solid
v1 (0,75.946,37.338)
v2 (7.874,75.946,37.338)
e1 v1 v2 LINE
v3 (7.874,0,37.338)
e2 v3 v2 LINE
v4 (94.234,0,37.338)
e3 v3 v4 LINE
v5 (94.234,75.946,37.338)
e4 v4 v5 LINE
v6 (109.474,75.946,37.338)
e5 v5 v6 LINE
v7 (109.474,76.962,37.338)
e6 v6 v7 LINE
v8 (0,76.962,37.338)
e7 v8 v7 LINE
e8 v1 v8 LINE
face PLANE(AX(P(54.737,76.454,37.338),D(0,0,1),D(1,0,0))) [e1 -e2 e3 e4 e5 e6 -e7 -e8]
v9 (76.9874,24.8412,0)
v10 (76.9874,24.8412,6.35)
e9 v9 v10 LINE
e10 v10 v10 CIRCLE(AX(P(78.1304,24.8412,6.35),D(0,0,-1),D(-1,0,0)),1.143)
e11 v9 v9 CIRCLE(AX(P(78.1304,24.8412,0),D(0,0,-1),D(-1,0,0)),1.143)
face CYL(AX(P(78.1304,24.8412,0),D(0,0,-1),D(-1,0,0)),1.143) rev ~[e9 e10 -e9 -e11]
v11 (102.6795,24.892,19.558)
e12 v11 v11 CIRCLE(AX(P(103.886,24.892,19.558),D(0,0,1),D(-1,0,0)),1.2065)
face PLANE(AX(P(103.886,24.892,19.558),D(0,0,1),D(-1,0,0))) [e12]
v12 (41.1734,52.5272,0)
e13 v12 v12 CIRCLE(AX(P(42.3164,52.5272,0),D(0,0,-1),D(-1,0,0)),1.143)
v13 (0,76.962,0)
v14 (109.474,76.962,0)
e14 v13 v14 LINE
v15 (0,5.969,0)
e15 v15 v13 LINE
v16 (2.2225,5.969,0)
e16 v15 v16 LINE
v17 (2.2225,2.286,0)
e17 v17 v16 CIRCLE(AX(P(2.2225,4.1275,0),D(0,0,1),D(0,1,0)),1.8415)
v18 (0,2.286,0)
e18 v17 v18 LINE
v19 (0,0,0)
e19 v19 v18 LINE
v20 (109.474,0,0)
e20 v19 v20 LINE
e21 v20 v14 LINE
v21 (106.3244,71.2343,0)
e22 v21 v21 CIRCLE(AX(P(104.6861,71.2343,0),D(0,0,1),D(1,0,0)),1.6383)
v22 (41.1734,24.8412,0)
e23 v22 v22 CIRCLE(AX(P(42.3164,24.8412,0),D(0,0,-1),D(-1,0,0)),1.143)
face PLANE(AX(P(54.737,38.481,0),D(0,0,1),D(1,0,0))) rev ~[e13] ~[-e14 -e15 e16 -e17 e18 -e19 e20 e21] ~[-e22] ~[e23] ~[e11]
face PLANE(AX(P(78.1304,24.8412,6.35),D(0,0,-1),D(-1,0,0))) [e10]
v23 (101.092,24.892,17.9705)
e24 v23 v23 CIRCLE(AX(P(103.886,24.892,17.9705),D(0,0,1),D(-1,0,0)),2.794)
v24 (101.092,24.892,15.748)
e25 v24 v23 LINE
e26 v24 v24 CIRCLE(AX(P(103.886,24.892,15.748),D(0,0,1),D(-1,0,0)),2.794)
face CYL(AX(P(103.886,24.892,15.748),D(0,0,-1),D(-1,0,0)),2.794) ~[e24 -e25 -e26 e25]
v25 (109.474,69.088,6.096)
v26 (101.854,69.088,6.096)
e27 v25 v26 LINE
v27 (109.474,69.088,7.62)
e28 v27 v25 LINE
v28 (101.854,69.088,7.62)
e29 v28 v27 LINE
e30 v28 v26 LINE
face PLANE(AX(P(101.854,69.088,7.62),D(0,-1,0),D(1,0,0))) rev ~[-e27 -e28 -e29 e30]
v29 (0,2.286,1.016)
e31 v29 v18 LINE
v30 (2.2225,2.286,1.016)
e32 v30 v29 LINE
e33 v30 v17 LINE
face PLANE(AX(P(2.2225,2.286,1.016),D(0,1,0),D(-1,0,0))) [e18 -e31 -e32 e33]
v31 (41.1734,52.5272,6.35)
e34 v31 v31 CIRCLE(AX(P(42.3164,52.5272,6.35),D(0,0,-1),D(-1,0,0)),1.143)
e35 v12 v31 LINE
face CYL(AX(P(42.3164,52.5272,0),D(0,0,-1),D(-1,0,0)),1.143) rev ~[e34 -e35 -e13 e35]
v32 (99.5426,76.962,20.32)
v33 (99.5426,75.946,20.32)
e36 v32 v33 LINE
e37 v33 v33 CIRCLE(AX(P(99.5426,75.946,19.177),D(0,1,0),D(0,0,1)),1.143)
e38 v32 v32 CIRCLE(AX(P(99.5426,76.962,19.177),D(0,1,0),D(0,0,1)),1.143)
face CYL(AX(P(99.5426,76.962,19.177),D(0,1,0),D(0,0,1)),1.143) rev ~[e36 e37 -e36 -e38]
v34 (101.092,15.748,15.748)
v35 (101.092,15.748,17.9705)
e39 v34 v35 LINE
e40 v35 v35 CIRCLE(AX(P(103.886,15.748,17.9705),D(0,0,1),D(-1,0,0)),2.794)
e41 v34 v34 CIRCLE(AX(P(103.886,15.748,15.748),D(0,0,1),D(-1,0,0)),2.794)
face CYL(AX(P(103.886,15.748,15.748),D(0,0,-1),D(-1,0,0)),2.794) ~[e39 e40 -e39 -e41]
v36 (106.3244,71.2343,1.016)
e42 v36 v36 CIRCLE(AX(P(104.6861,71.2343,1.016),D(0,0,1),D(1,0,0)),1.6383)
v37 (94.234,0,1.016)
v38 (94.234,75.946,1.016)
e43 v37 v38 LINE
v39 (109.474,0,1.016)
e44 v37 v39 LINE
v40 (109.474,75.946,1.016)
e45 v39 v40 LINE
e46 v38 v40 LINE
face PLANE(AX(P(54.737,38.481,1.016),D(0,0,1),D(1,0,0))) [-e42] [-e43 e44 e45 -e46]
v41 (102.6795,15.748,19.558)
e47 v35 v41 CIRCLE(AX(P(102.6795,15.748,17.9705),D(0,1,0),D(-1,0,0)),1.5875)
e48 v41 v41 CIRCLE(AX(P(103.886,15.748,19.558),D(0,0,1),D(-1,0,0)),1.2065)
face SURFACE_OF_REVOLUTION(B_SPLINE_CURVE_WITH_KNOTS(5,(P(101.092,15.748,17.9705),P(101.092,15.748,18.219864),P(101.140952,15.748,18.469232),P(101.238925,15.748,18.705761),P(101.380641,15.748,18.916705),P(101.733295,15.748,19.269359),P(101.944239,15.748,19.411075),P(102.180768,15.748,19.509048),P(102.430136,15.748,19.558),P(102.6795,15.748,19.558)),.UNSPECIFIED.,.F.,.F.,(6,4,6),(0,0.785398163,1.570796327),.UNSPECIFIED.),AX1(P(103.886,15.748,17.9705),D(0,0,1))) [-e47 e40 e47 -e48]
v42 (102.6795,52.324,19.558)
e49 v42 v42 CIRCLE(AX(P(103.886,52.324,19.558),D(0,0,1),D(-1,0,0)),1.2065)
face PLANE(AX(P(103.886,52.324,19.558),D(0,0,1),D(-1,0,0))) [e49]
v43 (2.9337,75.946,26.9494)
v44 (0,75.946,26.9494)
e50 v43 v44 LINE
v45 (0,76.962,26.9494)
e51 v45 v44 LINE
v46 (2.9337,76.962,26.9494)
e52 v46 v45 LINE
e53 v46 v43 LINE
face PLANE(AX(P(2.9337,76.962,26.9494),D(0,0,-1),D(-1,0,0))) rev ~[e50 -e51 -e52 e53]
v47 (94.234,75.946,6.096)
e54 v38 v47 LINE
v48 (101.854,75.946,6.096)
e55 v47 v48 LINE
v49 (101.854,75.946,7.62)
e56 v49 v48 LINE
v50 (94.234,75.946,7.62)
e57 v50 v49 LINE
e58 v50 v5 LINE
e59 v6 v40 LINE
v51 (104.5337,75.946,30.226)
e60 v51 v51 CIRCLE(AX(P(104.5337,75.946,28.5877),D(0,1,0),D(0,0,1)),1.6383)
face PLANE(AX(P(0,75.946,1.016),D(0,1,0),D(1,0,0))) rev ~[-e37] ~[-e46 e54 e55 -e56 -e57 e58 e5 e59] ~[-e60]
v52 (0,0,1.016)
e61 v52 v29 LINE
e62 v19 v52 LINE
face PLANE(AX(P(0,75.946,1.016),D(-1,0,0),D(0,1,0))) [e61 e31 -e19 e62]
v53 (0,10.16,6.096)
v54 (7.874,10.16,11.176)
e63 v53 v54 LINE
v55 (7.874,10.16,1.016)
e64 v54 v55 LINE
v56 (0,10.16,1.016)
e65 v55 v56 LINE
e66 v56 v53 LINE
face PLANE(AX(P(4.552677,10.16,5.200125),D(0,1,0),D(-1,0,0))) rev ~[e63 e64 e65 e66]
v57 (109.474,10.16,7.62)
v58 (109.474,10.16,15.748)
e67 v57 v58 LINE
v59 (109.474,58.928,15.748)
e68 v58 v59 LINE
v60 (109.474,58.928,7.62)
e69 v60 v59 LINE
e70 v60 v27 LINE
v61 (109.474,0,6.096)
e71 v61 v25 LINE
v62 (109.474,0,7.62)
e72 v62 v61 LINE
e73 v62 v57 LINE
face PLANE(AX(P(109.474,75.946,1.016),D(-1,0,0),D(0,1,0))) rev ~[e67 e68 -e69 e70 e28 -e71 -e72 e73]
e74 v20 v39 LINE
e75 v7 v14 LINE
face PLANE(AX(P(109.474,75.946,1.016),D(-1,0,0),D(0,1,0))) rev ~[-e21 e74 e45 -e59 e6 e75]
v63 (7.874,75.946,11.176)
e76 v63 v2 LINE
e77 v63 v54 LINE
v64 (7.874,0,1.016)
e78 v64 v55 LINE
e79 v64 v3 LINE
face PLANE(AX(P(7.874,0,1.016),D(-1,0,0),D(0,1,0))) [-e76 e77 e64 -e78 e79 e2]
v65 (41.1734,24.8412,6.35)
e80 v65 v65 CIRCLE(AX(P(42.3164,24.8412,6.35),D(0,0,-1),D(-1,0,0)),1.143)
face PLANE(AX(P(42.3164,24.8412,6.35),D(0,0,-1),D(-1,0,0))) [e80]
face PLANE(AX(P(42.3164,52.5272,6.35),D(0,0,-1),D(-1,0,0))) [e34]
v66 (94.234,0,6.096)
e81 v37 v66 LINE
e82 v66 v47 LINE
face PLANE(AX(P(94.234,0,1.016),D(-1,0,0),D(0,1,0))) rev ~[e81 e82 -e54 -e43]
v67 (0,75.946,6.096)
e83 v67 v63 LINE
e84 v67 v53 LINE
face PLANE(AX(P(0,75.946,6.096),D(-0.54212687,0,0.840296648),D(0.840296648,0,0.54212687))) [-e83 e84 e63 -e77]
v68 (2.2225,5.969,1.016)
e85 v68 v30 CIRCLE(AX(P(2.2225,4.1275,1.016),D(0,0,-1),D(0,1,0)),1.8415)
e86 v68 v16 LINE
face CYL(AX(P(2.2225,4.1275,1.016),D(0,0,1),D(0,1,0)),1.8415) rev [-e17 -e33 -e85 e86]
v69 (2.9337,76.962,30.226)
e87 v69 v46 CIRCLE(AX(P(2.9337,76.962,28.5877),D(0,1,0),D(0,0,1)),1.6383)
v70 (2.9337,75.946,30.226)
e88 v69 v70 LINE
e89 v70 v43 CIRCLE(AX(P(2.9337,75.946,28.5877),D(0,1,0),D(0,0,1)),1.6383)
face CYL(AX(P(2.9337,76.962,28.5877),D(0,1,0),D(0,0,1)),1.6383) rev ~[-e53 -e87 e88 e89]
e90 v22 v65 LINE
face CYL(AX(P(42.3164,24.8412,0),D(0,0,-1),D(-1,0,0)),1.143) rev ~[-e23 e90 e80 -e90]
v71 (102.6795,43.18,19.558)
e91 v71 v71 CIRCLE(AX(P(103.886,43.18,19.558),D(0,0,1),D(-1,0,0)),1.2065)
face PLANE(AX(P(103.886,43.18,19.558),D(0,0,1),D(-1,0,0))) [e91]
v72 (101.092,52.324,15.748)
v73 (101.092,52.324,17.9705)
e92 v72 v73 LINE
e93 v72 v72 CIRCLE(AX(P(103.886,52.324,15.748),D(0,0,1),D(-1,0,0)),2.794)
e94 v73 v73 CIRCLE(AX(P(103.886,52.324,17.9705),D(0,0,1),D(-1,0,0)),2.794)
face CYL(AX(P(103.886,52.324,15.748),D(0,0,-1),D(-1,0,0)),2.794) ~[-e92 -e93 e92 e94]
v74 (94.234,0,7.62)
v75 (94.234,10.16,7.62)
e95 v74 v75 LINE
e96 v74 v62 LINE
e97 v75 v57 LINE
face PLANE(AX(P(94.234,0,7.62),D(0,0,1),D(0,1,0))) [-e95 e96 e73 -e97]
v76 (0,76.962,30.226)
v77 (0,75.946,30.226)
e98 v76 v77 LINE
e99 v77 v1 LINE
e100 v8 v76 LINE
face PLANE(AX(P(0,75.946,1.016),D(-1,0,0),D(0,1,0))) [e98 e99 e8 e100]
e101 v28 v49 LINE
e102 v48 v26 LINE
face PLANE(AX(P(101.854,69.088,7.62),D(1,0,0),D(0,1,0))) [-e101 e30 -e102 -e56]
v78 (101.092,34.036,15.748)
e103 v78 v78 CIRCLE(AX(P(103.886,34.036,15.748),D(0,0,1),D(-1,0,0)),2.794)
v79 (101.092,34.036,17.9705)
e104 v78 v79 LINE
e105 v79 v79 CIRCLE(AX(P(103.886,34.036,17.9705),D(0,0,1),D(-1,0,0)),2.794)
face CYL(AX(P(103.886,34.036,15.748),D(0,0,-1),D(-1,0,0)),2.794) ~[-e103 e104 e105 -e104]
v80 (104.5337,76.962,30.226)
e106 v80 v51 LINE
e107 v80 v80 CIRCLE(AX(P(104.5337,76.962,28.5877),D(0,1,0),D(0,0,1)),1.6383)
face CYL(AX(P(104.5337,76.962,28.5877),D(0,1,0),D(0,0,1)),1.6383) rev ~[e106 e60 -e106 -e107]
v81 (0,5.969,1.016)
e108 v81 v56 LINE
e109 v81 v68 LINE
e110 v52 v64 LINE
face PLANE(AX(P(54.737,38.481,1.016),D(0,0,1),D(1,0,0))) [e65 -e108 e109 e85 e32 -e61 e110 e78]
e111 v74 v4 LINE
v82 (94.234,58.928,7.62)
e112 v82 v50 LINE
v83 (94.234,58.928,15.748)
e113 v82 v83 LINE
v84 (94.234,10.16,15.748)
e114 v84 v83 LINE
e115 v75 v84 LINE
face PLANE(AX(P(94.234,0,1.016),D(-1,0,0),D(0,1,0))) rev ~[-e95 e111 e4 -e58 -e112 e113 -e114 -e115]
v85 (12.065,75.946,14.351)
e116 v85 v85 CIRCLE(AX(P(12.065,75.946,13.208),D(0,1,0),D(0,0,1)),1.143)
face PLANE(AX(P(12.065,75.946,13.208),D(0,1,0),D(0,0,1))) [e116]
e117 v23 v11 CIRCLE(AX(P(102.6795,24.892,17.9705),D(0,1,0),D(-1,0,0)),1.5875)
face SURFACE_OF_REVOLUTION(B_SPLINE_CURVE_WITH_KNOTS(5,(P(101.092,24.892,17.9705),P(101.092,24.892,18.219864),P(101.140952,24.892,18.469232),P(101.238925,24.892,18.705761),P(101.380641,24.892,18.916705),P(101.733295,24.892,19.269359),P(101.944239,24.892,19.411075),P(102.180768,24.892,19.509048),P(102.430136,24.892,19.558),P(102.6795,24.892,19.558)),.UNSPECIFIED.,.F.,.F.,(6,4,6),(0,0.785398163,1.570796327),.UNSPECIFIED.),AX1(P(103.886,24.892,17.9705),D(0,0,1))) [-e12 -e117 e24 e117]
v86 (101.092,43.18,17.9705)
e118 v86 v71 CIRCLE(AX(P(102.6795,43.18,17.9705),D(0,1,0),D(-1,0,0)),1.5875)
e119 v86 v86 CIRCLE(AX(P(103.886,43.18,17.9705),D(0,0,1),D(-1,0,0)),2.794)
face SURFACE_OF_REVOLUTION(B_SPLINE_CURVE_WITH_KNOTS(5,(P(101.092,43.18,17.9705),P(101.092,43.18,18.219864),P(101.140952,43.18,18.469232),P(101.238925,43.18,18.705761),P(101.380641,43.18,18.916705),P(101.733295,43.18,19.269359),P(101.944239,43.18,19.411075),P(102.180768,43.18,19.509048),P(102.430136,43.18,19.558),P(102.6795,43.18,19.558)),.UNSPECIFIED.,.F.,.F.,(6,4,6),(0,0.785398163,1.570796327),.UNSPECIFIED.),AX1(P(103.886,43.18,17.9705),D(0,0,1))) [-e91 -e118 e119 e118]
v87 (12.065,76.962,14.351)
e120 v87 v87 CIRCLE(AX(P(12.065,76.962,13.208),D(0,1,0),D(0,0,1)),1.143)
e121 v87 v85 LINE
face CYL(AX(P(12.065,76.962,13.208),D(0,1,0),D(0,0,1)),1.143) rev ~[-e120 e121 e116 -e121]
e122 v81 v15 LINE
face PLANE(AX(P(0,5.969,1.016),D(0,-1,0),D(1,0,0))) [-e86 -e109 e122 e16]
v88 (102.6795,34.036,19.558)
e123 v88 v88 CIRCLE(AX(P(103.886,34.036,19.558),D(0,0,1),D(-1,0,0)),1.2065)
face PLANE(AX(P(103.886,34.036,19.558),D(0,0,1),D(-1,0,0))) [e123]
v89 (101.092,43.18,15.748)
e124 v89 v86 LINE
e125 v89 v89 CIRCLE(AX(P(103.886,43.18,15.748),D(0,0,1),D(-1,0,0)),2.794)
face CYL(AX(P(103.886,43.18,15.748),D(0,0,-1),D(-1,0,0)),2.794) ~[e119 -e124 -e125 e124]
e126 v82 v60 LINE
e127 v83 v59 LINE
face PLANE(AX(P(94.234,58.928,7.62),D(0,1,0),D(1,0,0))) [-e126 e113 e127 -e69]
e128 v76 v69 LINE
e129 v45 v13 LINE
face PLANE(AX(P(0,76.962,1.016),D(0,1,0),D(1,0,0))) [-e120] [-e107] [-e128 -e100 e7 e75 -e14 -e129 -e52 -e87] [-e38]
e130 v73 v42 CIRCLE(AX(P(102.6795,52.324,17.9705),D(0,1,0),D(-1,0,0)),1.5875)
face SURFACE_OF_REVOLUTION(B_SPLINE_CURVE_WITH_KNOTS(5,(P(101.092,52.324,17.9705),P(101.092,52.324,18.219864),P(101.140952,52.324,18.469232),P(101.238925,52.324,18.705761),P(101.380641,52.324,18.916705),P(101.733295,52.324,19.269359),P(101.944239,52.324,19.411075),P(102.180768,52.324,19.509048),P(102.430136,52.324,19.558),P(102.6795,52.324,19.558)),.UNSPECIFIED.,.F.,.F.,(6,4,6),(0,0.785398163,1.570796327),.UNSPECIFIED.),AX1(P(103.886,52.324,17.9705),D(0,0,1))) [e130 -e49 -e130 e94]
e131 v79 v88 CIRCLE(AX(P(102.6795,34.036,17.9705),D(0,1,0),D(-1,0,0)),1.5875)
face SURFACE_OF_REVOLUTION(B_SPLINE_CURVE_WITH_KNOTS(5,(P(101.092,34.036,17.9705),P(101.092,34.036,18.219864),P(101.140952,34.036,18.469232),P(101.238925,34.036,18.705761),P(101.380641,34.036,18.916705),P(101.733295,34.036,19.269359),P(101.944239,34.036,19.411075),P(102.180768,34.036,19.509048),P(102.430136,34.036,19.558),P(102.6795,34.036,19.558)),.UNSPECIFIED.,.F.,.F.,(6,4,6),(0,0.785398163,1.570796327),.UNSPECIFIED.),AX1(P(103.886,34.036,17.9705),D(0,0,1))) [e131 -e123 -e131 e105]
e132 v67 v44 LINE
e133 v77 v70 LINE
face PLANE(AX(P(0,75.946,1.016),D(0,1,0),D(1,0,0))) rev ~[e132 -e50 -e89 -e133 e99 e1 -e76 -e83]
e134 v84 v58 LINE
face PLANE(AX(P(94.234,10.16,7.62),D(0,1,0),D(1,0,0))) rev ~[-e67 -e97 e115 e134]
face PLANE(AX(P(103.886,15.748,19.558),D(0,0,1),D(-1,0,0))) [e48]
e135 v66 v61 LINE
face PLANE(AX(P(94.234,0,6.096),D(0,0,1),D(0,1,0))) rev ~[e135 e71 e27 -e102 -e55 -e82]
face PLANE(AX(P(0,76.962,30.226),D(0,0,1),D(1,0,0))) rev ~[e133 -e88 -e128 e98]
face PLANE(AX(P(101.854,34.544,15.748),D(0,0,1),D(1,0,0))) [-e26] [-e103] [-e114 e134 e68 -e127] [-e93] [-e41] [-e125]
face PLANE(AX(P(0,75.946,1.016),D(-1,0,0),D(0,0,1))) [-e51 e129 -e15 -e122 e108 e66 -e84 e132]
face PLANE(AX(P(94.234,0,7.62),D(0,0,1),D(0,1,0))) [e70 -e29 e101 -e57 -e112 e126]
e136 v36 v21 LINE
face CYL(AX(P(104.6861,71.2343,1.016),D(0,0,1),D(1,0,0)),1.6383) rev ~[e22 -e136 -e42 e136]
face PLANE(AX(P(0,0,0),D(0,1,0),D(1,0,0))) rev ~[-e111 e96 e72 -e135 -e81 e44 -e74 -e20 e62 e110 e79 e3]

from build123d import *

# Parameters (mm, degrees)
SKETCH1_W              = 109.474
SKETCH1_H              = 76.962
BOSS_EXTRUDE1_DEPTH    = 1.016
SKETCH2_W              = 109.474
SKETCH2_H              = 1.016
BOSS_EXTRUDE2_DEPTH    = 36.322
SKETCH3_R              = 1.6383
CUT_EXTRUDE1_DEPTH     = 139.661435893
SKETCH4_W              = 86.36
SKETCH4_H              = 75.946
BOSS_EXTRUDE3_DEPTH    = 36.322
SKETCH5_R              = 1.6383
SKETCH5_R_2            = 1.143
CUT_EXTRUDE2_DEPTH     = 1.016
SKETCH6_R              = 1.143
CUT_EXTRUDE3_DEPTH     = 6.35
SKETCH7_W              = 1.524
SKETCH7_H              = 75.946
BOSS_EXTRUDE4_DEPTH    = 15.24
CUT_EXTRUDE4_REACH     = 139.08
SKETCH8_W              = 7.62
SKETCH8_H              = 6.858
SKETCH9_W              = 15.24
SKETCH9_H              = 48.768
BOSS_EXTRUDE5_DEPTH    = 8.128
SKETCH10_R             = 2.794
BOSS_EXTRUDE6_DEPTH    = 3.81
FILLET1_R              = 1.5875
LPATTERN2_COUNT        = 5
LPATTERN2_PITCH        = 9.144
FILLET1_OF_LPATTERN2_R = 1.5875
BOSS_EXTRUDE7_DEPTH    = 65.786


with BuildPart() as part:
    # Sketch1 → Boss-Extrude1 (new body)
    with BuildSketch(Plane.XY):
        with Locations((54.737, 38.481)):
            Rectangle(SKETCH1_W, SKETCH1_H)
    extrude(amount=BOSS_EXTRUDE1_DEPTH)

    # Sketch2 → Boss-Extrude2 (add)
    with BuildSketch(Plane.XY.offset(1.016)):
        with Locations((54.737, 76.454)):
            Rectangle(SKETCH2_W, SKETCH2_H)
    extrude(amount=BOSS_EXTRUDE2_DEPTH)

    # Sketch3 → Cut-Extrude1 (cut, through all)
    with BuildSketch(Plane.XY.offset(1.016)):
        with Locations((104.6861, 71.2343)):
            Circle(SKETCH3_R)
        with BuildLine():
            Line((2.2225, 2.286), (0, 2.286))
            Line((0, 2.286), (0, 5.969))
            Line((0, 5.969), (2.2225, 5.969))
            ThreePointArc((2.2225, 5.969), (4.064, 4.1275), (2.2225, 2.286))
        make_face()
    extrude(amount=-CUT_EXTRUDE1_DEPTH, mode=Mode.SUBTRACT)

    # Sketch4 → Boss-Extrude3 (add)
    with BuildSketch(Plane.XY.offset(1.016)):
        with Locations((51.054, 37.973)):
            Rectangle(SKETCH4_W, SKETCH4_H)
    extrude(amount=BOSS_EXTRUDE3_DEPTH)

    # Sketch5 → Cut-Extrude2 (cut)
    with BuildSketch(Plane(origin=(0, 76.962, 0), x_dir=(1, 0, 0), z_dir=(0, 1, 0))):
        with Locations(Location((104.5337, -28.5877, 0), (0, 0, 270))):
            Circle(SKETCH5_R)
        with Locations(Location((99.5426, -19.177, 0), (0, 0, 270))):
            Circle(SKETCH5_R_2)
        with Locations(Location((12.065, -13.208, 0), (0, 0, 270))):
            Circle(SKETCH5_R_2)
        with BuildLine():
            Line((2.9337, -26.9494), (0, -26.9494))
            Line((0, -26.9494), (0, -30.226))
            Line((0, -30.226), (2.9337, -30.226))
            ThreePointArc((2.9337, -30.226), (4.572, -28.5877), (2.9337, -26.9494))
        make_face()
    extrude(amount=-CUT_EXTRUDE2_DEPTH, mode=Mode.SUBTRACT)

    # Sketch6 → Cut-Extrude3 (cut)
    with BuildSketch(Plane(origin=(0, 0, 0), x_dir=(-1, 0, 0), z_dir=(0, 0, -1))):
        with Locations((-78.1304, 24.8412)):
            Circle(SKETCH6_R)
        with Locations((-42.3164, 24.8412)):
            Circle(SKETCH6_R)
        with Locations((-42.3164, 52.5272)):
            Circle(SKETCH6_R)
    extrude(amount=-CUT_EXTRUDE3_DEPTH, mode=Mode.SUBTRACT)

    # Sketch7 → Boss-Extrude4 (add)
    with BuildSketch(Plane(origin=(94.234, 0, 0), x_dir=(0, 0, -1), z_dir=(1, 0, 0))):
        with Locations((-6.858, 37.973)):
            Rectangle(SKETCH7_W, SKETCH7_H)
    extrude(amount=BOSS_EXTRUDE4_DEPTH)

    # Sketch8 → Cut-Extrude4 (cut, up to next)
    with BuildSketch(Plane.XY.offset(7.62), mode=Mode.PRIVATE) as cut_extrude4_sk1:
        with Locations((105.664, 72.517)):
            Rectangle(SKETCH8_W, SKETCH8_H)
    cut_extrude4_tool1 = extrude(cut_extrude4_sk1.sketch, amount=-CUT_EXTRUDE4_REACH, mode=Mode.PRIVATE) & part.part
    add(cut_extrude4_tool1.solids().sort_by_distance((105.664, 72.517, 7.62))[0], mode=Mode.SUBTRACT)

    # Sketch9 → Boss-Extrude5 (add)
    with BuildSketch(Plane.XY.offset(7.62)):
        with Locations((101.854, 34.544)):
            Rectangle(SKETCH9_W, SKETCH9_H)
    extrude(amount=BOSS_EXTRUDE5_DEPTH)

    # Sketch10 → Boss-Extrude6 (add)
    with BuildSketch(Plane.XY.offset(15.748)):
        with Locations(Location((103.886, 15.748, 0), (0, 0, 180))):
            Circle(SKETCH10_R)
    boss_extrude6 = extrude(amount=BOSS_EXTRUDE6_DEPTH)

    # Fillet1
    fillet1_edges = [part.edges().sort_by_distance(p)[0] for p in [
        (106.68, 15.748, 19.558),
    ]]
    fillet(fillet1_edges, radius=FILLET1_R)

    # LPattern2: Boss-Extrude6 ×5
    with Locations(*[(0, i * LPATTERN2_PITCH, 0) for i in range(1, LPATTERN2_COUNT)]):
        add(boss_extrude6)

    # Fillet1 of LPattern2
    fillet1_of_lpattern2_edges = [part.edges().sort_by_distance(p)[0] for p in [
        (106.68, 24.892, 19.558),
        (106.68, 34.036, 19.558),
        (106.68, 43.18, 19.558),
        (106.68, 52.324, 19.558),
    ]]
    fillet(fillet1_of_lpattern2_edges, radius=FILLET1_OF_LPATTERN2_R)

    # Sketch11 → Boss-Extrude7 (add)
    with BuildSketch(Plane.XZ.offset(-75.946)):
        Polygon((7.874, 1.016), (0, 1.016), (0, 6.096), (7.874, 11.176), align=None)
    extrude(amount=BOSS_EXTRUDE7_DEPTH)


solid = part.part
